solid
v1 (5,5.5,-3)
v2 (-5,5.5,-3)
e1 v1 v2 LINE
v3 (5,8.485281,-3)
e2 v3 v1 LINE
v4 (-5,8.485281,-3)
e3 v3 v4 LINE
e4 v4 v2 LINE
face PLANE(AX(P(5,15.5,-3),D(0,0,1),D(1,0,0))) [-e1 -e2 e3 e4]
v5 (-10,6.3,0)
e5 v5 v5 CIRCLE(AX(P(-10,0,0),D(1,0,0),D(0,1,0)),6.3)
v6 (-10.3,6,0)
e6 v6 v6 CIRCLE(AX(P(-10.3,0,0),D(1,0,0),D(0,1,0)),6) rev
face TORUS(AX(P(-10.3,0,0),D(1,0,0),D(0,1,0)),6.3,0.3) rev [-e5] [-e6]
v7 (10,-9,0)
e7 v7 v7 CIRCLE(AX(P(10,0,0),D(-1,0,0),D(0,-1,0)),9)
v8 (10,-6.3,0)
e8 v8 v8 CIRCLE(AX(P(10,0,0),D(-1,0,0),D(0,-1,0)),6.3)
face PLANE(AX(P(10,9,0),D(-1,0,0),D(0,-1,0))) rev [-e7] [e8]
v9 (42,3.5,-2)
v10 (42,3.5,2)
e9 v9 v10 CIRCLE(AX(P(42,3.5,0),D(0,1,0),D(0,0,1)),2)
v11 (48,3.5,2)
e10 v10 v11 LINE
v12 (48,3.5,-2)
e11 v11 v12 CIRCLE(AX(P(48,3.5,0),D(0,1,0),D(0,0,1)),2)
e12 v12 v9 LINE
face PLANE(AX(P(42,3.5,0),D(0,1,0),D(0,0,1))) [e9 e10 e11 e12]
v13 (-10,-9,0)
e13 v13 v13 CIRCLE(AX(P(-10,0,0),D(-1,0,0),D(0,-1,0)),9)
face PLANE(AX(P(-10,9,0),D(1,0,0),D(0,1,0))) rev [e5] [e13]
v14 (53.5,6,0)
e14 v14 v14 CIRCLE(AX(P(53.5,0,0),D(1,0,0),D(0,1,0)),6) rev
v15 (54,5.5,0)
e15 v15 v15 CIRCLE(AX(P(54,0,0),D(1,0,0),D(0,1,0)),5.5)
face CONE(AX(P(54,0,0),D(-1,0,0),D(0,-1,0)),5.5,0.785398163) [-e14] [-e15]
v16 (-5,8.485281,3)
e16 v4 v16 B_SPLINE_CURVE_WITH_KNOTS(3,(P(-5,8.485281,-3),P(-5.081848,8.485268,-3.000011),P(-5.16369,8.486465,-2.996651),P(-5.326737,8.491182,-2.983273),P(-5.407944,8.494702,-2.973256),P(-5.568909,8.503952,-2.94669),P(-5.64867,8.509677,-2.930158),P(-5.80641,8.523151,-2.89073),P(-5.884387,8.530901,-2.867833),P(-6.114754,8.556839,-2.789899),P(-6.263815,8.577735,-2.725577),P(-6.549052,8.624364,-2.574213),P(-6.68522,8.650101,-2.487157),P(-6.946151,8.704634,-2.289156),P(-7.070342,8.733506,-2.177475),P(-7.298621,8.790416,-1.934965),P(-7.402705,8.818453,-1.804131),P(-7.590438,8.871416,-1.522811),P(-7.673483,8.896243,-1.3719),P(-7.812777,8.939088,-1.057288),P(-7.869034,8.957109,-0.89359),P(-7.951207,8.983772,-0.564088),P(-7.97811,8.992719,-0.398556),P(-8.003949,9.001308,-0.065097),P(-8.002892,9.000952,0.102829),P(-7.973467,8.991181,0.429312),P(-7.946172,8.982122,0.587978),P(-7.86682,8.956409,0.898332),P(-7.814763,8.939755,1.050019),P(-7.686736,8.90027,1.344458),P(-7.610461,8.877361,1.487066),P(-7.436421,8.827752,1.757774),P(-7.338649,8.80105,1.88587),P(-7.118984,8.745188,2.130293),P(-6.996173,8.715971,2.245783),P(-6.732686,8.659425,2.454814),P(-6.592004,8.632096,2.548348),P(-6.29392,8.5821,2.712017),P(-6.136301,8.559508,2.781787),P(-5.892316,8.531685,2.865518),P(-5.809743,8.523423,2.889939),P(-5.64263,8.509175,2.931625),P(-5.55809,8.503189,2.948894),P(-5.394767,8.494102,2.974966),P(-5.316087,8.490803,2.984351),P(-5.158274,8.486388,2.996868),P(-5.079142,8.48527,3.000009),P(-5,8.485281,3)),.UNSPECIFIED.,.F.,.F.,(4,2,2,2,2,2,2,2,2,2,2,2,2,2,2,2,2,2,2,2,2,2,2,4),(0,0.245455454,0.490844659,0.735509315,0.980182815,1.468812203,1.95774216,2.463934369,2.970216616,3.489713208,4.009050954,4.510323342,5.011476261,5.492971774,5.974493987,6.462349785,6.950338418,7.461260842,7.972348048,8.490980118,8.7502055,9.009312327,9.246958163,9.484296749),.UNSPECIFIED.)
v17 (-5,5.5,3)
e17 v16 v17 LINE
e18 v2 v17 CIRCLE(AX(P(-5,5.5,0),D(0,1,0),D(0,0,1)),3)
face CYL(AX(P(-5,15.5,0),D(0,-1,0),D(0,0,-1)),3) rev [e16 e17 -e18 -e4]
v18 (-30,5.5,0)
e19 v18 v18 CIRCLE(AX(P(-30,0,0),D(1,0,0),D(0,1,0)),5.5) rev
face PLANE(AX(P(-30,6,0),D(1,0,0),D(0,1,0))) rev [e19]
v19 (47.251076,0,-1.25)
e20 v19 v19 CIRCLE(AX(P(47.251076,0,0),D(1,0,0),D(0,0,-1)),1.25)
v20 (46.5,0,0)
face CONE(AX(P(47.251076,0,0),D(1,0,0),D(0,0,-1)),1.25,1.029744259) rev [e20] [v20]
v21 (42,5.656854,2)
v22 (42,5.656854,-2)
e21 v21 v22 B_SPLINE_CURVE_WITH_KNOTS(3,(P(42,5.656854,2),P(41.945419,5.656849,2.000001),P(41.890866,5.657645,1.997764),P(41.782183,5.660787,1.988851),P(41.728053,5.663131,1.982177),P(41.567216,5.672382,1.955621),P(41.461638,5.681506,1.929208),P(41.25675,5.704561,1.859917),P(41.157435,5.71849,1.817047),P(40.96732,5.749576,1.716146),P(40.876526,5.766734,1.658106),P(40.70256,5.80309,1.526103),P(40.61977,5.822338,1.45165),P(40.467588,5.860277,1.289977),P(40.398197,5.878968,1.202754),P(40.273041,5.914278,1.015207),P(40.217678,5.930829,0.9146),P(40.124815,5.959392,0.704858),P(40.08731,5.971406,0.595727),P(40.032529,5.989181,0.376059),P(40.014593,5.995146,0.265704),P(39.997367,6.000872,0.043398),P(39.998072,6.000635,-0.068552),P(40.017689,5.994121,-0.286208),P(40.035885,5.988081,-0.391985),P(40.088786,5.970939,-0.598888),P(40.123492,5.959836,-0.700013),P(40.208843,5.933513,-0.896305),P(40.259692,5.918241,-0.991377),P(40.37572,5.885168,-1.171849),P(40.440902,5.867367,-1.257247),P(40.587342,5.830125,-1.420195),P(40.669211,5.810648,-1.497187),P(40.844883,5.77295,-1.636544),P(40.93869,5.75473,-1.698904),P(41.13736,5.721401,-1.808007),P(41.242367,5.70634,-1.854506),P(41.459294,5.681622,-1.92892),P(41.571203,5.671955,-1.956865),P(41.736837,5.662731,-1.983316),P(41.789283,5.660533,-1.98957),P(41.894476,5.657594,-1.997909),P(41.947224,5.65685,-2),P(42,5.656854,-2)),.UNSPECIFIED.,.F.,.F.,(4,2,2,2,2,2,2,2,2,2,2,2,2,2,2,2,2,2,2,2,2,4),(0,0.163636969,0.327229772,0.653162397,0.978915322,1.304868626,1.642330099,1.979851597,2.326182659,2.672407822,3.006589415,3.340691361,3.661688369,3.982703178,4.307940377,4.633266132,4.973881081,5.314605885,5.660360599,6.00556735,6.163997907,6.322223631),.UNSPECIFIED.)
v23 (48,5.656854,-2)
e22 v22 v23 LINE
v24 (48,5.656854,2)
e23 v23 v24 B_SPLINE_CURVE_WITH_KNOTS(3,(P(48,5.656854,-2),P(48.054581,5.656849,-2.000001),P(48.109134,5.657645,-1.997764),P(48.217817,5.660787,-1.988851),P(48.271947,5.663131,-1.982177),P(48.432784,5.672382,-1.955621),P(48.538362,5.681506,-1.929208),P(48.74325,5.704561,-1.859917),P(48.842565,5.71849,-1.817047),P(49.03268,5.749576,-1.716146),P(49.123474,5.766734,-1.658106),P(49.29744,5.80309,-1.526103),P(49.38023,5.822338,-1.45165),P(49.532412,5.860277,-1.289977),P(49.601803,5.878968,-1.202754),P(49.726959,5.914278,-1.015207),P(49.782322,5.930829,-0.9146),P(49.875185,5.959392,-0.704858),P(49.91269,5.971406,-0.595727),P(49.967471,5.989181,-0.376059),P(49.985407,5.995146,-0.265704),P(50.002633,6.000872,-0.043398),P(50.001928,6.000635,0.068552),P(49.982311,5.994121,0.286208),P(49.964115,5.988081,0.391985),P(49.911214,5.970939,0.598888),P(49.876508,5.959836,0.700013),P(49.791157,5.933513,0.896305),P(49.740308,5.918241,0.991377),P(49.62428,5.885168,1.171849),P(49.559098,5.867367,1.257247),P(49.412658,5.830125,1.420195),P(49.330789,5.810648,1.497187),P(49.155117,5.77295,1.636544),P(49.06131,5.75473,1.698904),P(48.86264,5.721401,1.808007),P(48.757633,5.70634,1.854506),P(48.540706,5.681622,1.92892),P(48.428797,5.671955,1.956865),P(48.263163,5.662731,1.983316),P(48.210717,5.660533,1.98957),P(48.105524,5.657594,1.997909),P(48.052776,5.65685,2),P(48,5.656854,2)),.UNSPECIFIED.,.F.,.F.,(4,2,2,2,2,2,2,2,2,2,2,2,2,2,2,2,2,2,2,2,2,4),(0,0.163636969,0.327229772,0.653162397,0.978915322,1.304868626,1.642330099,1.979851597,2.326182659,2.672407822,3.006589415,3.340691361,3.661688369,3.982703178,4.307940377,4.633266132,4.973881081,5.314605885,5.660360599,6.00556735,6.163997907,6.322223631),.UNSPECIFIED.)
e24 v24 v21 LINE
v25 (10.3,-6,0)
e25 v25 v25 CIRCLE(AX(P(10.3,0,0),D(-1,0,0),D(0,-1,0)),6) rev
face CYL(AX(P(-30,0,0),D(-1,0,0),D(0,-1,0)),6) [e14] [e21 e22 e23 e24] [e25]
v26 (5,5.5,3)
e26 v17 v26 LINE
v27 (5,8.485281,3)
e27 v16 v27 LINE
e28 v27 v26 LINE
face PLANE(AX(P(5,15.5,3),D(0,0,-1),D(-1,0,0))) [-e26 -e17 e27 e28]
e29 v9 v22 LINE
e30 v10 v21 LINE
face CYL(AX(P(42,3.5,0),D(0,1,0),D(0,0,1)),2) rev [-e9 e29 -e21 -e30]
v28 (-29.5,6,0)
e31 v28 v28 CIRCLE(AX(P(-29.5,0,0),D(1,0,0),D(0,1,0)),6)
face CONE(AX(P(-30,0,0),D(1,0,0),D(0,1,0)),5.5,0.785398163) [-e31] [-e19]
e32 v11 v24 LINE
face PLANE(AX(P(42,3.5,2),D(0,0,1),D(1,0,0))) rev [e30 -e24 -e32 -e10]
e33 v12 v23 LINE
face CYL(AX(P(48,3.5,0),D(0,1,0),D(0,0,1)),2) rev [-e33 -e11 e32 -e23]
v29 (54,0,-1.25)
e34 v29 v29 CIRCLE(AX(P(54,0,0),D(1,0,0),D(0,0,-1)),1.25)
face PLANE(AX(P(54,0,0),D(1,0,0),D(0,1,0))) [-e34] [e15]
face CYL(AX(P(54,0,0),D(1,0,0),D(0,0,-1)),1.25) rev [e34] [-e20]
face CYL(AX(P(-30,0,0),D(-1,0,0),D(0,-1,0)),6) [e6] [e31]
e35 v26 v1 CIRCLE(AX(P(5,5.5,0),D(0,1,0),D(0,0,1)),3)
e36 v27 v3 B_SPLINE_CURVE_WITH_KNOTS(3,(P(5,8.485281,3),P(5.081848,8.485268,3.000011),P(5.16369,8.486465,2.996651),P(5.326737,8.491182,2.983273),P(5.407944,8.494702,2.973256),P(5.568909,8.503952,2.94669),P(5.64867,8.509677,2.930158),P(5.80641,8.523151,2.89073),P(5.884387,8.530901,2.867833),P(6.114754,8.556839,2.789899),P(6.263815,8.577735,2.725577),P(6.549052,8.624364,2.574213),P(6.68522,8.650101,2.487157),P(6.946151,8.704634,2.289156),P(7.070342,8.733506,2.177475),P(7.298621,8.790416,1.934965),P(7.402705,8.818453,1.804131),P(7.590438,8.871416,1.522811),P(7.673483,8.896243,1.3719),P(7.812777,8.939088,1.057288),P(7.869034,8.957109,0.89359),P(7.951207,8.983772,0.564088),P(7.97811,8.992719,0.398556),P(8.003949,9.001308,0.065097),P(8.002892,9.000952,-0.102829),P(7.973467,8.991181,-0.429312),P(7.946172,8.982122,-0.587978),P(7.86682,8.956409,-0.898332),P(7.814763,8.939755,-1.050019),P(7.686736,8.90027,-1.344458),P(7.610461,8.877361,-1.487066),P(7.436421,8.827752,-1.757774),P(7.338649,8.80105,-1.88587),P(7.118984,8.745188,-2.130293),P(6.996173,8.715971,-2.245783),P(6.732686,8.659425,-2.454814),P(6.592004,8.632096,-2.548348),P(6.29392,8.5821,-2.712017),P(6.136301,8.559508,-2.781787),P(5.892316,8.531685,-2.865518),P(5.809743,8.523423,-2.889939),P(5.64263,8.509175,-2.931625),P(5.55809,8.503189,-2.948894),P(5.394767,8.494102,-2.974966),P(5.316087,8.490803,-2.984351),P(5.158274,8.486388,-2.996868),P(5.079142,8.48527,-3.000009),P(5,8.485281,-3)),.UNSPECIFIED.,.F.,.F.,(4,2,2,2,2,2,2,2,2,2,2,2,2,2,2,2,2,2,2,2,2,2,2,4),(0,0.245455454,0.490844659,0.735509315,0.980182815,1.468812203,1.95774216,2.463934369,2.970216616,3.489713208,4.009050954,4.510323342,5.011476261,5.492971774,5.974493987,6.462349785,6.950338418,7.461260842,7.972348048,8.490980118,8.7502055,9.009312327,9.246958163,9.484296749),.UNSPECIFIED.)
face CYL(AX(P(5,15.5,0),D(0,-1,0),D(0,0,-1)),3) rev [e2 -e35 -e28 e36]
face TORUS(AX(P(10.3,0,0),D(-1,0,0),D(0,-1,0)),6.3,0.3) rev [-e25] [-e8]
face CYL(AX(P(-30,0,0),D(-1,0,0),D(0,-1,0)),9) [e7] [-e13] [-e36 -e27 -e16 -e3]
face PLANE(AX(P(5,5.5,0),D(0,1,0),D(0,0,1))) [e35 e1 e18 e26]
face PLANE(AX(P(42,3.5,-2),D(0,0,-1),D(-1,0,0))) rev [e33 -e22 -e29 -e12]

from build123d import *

# Parameters (mm, degrees)
CUT_EXTRUDE1_START    = 5.5
CUT_EXTRUDE1_DEPTH    = 10
SKETCH8_R             = 6
CUT_EXTRUDE4_DEPTH    = 6
CUT_EXTRUDE5_START    = 6
CUT_EXTRUDE5_DEPTH    = 2.5
FILLET1_R             = 0.3
CHAMFER1_SIZE         = 0.5
M3_TAPPED_HOLE1_D     = 2.5
M3_TAPPED_HOLE1_DEPTH = 6.748924226
M3_TAPPED_HOLE1_TIP   = 0.751075774


with BuildPart() as part:
    # Sketch3 → Revolve1 (revolve)
    with BuildSketch(Plane.XY):
        Polygon((-10, 9), (10, 9), (10, 6), (32, 6), (60, 6), (60, 0), (-30, 0), (-30, 6), (-10, 6), align=None)
    revolve(axis=Axis((-30, 0, 0), (1, 0, 0)))

    # Sketch5 → Cut-Extrude1 (cut)
    with BuildSketch(Plane(origin=(0, 0, 0), x_dir=(1, 0, 0), z_dir=(0, 1, 0)).offset(CUT_EXTRUDE1_START)):
        with BuildLine():
            Line((5, -3), (-5, -3))
            ThreePointArc((-5, -3), (-8, 0), (-5, 3))
            Line((-5, 3), (5, 3))
            ThreePointArc((5, 3), (8, 0), (5, -3))
        make_face()
    extrude(amount=CUT_EXTRUDE1_DEPTH, mode=Mode.SUBTRACT)

    # Sketch8 → Cut-Extrude4 (cut)
    with BuildSketch(Plane(origin=(60, 0, 0), x_dir=(0, 0, -1), z_dir=(1, 0, 0))):
        Circle(SKETCH8_R)
    extrude(amount=-CUT_EXTRUDE4_DEPTH, mode=Mode.SUBTRACT)

    # Sketch9 → Cut-Extrude5 (cut)
    with BuildSketch(Plane(origin=(0, 0, 0), x_dir=(1, 0, 0), z_dir=(0, 1, 0)).offset(CUT_EXTRUDE5_START)):
        with BuildLine():
            Line((42, 2), (48, 2))
            ThreePointArc((48, 2), (50, 0), (48, -2))
            Line((48, -2), (42, -2))
            ThreePointArc((42, -2), (40, 0), (42, 2))
        make_face()
    extrude(amount=-CUT_EXTRUDE5_DEPTH, mode=Mode.SUBTRACT)

    # Fillet1
    fillet1_edges = [part.edges().sort_by_distance(p)[0] for p in [
        (-10, -6, 0),
        (10, -6, 0),
    ]]
    fillet(fillet1_edges, radius=FILLET1_R)

    # Chamfer1
    chamfer1_edges = [part.edges().sort_by_distance(p)[0] for p in [
        (-30, -6, 0),
        (54, -6, 0),
    ]]
    chamfer(chamfer1_edges, length=CHAMFER1_SIZE)

    # M3 Tapped Hole1
    with Locations(Plane(origin=(54, 0, 0), x_dir=(0, 0, -1), z_dir=(1, 0, 0))):
        with Locations((0, 0)):
            Hole(M3_TAPPED_HOLE1_D / 2, depth=M3_TAPPED_HOLE1_DEPTH)
            with Locations((0, 0, -(M3_TAPPED_HOLE1_DEPTH + M3_TAPPED_HOLE1_TIP / 2))):  # 118° drill point
                Cone(0, M3_TAPPED_HOLE1_D / 2, M3_TAPPED_HOLE1_TIP, mode=Mode.SUBTRACT)


solid = part.part
